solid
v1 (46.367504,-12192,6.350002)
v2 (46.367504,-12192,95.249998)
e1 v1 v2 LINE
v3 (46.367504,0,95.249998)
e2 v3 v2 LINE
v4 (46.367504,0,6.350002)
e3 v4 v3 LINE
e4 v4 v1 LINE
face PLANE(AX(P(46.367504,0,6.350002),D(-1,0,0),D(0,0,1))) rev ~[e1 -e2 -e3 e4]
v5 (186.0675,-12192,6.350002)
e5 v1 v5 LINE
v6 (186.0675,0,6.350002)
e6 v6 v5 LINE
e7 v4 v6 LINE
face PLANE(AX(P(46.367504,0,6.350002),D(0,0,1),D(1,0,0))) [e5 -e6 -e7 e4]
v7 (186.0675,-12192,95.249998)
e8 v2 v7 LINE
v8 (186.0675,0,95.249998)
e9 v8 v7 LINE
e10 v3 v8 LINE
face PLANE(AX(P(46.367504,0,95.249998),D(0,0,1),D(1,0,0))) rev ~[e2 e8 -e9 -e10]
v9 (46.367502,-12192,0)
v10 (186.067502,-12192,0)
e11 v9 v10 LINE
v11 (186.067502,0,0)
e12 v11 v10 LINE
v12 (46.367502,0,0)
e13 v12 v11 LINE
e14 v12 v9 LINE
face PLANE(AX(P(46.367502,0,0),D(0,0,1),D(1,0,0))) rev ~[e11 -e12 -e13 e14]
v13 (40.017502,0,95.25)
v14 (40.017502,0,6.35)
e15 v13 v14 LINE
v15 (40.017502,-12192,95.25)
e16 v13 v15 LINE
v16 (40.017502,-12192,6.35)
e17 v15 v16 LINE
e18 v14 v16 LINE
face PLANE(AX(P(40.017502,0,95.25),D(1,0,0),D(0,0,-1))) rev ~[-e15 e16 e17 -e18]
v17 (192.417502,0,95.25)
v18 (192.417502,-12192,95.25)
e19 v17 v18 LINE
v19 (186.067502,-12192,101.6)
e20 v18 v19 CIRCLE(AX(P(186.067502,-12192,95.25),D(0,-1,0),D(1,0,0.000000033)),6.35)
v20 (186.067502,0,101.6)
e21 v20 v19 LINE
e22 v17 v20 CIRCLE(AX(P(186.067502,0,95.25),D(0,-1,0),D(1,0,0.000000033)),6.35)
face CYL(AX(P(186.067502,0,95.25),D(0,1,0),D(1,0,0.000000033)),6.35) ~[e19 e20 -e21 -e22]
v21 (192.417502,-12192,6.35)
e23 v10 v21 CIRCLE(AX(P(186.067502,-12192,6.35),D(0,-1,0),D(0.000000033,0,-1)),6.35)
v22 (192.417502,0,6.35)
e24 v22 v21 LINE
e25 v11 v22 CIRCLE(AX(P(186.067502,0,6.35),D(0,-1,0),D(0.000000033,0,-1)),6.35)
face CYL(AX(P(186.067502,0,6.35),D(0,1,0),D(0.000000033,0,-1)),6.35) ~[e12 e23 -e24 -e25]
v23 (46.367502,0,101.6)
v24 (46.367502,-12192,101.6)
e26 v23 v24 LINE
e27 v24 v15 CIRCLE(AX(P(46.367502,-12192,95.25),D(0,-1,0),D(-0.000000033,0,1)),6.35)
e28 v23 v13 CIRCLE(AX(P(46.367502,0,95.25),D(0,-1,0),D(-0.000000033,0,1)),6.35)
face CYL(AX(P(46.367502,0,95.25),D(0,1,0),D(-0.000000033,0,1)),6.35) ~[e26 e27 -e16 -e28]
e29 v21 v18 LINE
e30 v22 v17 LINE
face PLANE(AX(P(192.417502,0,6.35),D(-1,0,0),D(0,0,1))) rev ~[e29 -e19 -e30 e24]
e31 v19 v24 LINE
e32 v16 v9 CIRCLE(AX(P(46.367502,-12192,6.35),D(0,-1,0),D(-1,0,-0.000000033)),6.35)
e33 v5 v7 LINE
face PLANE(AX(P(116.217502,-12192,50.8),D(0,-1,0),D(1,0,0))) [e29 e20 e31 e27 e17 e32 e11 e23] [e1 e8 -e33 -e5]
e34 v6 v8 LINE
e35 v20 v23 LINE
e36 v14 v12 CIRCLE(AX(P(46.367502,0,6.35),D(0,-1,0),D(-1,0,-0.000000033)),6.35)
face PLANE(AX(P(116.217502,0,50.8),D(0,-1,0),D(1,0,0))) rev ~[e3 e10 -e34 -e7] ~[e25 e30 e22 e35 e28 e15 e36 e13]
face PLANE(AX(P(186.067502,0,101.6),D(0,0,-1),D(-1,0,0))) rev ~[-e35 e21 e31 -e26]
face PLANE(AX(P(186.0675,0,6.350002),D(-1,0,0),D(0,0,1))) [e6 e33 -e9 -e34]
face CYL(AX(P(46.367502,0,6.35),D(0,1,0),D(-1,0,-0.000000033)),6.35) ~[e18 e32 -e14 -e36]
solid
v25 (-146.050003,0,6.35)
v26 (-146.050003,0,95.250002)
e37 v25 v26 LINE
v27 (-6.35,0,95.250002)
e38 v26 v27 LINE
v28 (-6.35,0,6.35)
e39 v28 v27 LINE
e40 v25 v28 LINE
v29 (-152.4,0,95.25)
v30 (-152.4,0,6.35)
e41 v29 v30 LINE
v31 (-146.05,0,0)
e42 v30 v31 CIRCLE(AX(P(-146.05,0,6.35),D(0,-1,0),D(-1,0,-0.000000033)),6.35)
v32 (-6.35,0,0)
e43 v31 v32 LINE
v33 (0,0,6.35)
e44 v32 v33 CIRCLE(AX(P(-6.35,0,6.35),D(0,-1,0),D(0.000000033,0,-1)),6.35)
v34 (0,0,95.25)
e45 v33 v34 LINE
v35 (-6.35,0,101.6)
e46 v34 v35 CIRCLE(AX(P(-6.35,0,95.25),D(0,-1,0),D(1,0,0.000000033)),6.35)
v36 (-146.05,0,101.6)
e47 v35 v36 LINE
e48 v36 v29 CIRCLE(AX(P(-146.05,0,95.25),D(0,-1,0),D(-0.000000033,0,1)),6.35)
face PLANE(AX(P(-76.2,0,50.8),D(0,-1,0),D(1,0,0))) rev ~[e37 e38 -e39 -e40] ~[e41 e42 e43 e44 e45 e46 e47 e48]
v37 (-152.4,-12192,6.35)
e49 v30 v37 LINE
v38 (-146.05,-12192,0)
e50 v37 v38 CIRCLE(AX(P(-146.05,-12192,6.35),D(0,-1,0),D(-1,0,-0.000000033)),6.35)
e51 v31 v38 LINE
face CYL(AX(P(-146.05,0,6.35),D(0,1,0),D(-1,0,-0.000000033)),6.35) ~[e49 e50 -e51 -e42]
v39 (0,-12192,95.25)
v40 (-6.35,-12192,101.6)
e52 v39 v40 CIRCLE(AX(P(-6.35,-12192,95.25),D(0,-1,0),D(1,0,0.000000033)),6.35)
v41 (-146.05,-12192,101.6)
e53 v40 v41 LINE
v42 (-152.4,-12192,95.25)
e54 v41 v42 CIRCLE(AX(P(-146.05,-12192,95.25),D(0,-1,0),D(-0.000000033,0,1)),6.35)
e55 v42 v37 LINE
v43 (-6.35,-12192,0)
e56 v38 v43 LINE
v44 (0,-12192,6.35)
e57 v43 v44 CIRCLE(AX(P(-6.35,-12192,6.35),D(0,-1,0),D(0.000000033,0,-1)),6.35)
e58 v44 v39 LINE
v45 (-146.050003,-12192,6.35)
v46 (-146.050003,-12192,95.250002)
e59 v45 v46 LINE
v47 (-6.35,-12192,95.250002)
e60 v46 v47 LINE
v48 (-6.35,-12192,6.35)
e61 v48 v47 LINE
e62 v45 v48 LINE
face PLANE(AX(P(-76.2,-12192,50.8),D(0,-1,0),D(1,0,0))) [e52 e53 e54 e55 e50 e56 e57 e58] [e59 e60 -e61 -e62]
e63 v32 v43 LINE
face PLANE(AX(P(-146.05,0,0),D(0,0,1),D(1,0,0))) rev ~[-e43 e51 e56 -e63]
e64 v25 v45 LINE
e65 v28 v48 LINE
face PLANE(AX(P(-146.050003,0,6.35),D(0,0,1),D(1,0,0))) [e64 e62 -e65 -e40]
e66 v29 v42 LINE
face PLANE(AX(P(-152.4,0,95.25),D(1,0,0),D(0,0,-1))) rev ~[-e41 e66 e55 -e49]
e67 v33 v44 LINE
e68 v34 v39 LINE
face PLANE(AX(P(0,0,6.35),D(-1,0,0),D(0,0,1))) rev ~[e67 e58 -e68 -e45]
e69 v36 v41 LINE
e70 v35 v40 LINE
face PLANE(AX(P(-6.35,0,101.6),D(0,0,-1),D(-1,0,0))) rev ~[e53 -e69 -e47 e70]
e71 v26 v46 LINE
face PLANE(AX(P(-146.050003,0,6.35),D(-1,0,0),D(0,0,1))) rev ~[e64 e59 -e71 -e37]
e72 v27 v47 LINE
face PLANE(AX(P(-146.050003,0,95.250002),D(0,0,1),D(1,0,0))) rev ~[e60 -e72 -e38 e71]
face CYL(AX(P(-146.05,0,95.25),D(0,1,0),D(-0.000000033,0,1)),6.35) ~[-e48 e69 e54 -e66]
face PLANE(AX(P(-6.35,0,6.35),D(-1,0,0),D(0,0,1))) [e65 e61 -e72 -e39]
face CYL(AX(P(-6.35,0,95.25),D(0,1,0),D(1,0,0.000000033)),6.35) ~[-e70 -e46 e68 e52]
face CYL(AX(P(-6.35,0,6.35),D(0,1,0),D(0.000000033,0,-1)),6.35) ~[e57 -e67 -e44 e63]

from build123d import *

# Parameters (mm, degrees)
F0_W     = 139.700003
F0_H     = 88.900003
F0_W_2   = 139.699996
F0_H_2   = 88.899996
F1_DEPTH = 12192


with BuildPart() as f1:
    # F0 (on Front) → F1 (new body)
    with BuildSketch(Plane.XZ):
        with BuildLine():
            Line((-146.05, 0), (-6.35, 0))
            ThreePointArc((-6.35, 0), (-1.859872, 1.859872), (0, 6.35))
            Line((0, 6.35), (0, 95.25))
            ThreePointArc((0, 95.25), (-1.859872, 99.740128), (-6.35, 101.6))
            Line((-6.35, 101.6), (-146.05, 101.6))
            ThreePointArc((-146.05, 101.6), (-150.540128, 99.740128), (-152.4, 95.25))
            Line((-152.4, 95.25), (-152.4, 6.35))
            ThreePointArc((-152.4, 6.35), (-150.540128, 1.859872), (-146.05, 0))
        make_face()
        with Locations((-76.200001, 50.800001)):
            Rectangle(F0_W, F0_H, mode=Mode.SUBTRACT)
        with BuildLine():
            ThreePointArc((40.017502, 6.35), (41.877374, 1.859872), (46.367502, 0))
            Line((46.367502, 0), (186.067502, 0))
            ThreePointArc((186.067502, 0), (190.55763, 1.859872), (192.417502, 6.35))
            Line((192.417502, 6.35), (192.417502, 95.25))
            ThreePointArc((192.417502, 95.25), (190.55763, 99.740128), (186.067502, 101.6))
            Line((186.067502, 101.6), (46.367502, 101.6))
            ThreePointArc((46.367502, 101.6), (41.877374, 99.740128), (40.017502, 95.25))
            Line((40.017502, 95.25), (40.017502, 6.35))
        make_face()
        with Locations((116.217502, 50.8)):
            Rectangle(F0_W_2, F0_H_2, mode=Mode.SUBTRACT)
    extrude(amount=F1_DEPTH)


solid = f1.part
